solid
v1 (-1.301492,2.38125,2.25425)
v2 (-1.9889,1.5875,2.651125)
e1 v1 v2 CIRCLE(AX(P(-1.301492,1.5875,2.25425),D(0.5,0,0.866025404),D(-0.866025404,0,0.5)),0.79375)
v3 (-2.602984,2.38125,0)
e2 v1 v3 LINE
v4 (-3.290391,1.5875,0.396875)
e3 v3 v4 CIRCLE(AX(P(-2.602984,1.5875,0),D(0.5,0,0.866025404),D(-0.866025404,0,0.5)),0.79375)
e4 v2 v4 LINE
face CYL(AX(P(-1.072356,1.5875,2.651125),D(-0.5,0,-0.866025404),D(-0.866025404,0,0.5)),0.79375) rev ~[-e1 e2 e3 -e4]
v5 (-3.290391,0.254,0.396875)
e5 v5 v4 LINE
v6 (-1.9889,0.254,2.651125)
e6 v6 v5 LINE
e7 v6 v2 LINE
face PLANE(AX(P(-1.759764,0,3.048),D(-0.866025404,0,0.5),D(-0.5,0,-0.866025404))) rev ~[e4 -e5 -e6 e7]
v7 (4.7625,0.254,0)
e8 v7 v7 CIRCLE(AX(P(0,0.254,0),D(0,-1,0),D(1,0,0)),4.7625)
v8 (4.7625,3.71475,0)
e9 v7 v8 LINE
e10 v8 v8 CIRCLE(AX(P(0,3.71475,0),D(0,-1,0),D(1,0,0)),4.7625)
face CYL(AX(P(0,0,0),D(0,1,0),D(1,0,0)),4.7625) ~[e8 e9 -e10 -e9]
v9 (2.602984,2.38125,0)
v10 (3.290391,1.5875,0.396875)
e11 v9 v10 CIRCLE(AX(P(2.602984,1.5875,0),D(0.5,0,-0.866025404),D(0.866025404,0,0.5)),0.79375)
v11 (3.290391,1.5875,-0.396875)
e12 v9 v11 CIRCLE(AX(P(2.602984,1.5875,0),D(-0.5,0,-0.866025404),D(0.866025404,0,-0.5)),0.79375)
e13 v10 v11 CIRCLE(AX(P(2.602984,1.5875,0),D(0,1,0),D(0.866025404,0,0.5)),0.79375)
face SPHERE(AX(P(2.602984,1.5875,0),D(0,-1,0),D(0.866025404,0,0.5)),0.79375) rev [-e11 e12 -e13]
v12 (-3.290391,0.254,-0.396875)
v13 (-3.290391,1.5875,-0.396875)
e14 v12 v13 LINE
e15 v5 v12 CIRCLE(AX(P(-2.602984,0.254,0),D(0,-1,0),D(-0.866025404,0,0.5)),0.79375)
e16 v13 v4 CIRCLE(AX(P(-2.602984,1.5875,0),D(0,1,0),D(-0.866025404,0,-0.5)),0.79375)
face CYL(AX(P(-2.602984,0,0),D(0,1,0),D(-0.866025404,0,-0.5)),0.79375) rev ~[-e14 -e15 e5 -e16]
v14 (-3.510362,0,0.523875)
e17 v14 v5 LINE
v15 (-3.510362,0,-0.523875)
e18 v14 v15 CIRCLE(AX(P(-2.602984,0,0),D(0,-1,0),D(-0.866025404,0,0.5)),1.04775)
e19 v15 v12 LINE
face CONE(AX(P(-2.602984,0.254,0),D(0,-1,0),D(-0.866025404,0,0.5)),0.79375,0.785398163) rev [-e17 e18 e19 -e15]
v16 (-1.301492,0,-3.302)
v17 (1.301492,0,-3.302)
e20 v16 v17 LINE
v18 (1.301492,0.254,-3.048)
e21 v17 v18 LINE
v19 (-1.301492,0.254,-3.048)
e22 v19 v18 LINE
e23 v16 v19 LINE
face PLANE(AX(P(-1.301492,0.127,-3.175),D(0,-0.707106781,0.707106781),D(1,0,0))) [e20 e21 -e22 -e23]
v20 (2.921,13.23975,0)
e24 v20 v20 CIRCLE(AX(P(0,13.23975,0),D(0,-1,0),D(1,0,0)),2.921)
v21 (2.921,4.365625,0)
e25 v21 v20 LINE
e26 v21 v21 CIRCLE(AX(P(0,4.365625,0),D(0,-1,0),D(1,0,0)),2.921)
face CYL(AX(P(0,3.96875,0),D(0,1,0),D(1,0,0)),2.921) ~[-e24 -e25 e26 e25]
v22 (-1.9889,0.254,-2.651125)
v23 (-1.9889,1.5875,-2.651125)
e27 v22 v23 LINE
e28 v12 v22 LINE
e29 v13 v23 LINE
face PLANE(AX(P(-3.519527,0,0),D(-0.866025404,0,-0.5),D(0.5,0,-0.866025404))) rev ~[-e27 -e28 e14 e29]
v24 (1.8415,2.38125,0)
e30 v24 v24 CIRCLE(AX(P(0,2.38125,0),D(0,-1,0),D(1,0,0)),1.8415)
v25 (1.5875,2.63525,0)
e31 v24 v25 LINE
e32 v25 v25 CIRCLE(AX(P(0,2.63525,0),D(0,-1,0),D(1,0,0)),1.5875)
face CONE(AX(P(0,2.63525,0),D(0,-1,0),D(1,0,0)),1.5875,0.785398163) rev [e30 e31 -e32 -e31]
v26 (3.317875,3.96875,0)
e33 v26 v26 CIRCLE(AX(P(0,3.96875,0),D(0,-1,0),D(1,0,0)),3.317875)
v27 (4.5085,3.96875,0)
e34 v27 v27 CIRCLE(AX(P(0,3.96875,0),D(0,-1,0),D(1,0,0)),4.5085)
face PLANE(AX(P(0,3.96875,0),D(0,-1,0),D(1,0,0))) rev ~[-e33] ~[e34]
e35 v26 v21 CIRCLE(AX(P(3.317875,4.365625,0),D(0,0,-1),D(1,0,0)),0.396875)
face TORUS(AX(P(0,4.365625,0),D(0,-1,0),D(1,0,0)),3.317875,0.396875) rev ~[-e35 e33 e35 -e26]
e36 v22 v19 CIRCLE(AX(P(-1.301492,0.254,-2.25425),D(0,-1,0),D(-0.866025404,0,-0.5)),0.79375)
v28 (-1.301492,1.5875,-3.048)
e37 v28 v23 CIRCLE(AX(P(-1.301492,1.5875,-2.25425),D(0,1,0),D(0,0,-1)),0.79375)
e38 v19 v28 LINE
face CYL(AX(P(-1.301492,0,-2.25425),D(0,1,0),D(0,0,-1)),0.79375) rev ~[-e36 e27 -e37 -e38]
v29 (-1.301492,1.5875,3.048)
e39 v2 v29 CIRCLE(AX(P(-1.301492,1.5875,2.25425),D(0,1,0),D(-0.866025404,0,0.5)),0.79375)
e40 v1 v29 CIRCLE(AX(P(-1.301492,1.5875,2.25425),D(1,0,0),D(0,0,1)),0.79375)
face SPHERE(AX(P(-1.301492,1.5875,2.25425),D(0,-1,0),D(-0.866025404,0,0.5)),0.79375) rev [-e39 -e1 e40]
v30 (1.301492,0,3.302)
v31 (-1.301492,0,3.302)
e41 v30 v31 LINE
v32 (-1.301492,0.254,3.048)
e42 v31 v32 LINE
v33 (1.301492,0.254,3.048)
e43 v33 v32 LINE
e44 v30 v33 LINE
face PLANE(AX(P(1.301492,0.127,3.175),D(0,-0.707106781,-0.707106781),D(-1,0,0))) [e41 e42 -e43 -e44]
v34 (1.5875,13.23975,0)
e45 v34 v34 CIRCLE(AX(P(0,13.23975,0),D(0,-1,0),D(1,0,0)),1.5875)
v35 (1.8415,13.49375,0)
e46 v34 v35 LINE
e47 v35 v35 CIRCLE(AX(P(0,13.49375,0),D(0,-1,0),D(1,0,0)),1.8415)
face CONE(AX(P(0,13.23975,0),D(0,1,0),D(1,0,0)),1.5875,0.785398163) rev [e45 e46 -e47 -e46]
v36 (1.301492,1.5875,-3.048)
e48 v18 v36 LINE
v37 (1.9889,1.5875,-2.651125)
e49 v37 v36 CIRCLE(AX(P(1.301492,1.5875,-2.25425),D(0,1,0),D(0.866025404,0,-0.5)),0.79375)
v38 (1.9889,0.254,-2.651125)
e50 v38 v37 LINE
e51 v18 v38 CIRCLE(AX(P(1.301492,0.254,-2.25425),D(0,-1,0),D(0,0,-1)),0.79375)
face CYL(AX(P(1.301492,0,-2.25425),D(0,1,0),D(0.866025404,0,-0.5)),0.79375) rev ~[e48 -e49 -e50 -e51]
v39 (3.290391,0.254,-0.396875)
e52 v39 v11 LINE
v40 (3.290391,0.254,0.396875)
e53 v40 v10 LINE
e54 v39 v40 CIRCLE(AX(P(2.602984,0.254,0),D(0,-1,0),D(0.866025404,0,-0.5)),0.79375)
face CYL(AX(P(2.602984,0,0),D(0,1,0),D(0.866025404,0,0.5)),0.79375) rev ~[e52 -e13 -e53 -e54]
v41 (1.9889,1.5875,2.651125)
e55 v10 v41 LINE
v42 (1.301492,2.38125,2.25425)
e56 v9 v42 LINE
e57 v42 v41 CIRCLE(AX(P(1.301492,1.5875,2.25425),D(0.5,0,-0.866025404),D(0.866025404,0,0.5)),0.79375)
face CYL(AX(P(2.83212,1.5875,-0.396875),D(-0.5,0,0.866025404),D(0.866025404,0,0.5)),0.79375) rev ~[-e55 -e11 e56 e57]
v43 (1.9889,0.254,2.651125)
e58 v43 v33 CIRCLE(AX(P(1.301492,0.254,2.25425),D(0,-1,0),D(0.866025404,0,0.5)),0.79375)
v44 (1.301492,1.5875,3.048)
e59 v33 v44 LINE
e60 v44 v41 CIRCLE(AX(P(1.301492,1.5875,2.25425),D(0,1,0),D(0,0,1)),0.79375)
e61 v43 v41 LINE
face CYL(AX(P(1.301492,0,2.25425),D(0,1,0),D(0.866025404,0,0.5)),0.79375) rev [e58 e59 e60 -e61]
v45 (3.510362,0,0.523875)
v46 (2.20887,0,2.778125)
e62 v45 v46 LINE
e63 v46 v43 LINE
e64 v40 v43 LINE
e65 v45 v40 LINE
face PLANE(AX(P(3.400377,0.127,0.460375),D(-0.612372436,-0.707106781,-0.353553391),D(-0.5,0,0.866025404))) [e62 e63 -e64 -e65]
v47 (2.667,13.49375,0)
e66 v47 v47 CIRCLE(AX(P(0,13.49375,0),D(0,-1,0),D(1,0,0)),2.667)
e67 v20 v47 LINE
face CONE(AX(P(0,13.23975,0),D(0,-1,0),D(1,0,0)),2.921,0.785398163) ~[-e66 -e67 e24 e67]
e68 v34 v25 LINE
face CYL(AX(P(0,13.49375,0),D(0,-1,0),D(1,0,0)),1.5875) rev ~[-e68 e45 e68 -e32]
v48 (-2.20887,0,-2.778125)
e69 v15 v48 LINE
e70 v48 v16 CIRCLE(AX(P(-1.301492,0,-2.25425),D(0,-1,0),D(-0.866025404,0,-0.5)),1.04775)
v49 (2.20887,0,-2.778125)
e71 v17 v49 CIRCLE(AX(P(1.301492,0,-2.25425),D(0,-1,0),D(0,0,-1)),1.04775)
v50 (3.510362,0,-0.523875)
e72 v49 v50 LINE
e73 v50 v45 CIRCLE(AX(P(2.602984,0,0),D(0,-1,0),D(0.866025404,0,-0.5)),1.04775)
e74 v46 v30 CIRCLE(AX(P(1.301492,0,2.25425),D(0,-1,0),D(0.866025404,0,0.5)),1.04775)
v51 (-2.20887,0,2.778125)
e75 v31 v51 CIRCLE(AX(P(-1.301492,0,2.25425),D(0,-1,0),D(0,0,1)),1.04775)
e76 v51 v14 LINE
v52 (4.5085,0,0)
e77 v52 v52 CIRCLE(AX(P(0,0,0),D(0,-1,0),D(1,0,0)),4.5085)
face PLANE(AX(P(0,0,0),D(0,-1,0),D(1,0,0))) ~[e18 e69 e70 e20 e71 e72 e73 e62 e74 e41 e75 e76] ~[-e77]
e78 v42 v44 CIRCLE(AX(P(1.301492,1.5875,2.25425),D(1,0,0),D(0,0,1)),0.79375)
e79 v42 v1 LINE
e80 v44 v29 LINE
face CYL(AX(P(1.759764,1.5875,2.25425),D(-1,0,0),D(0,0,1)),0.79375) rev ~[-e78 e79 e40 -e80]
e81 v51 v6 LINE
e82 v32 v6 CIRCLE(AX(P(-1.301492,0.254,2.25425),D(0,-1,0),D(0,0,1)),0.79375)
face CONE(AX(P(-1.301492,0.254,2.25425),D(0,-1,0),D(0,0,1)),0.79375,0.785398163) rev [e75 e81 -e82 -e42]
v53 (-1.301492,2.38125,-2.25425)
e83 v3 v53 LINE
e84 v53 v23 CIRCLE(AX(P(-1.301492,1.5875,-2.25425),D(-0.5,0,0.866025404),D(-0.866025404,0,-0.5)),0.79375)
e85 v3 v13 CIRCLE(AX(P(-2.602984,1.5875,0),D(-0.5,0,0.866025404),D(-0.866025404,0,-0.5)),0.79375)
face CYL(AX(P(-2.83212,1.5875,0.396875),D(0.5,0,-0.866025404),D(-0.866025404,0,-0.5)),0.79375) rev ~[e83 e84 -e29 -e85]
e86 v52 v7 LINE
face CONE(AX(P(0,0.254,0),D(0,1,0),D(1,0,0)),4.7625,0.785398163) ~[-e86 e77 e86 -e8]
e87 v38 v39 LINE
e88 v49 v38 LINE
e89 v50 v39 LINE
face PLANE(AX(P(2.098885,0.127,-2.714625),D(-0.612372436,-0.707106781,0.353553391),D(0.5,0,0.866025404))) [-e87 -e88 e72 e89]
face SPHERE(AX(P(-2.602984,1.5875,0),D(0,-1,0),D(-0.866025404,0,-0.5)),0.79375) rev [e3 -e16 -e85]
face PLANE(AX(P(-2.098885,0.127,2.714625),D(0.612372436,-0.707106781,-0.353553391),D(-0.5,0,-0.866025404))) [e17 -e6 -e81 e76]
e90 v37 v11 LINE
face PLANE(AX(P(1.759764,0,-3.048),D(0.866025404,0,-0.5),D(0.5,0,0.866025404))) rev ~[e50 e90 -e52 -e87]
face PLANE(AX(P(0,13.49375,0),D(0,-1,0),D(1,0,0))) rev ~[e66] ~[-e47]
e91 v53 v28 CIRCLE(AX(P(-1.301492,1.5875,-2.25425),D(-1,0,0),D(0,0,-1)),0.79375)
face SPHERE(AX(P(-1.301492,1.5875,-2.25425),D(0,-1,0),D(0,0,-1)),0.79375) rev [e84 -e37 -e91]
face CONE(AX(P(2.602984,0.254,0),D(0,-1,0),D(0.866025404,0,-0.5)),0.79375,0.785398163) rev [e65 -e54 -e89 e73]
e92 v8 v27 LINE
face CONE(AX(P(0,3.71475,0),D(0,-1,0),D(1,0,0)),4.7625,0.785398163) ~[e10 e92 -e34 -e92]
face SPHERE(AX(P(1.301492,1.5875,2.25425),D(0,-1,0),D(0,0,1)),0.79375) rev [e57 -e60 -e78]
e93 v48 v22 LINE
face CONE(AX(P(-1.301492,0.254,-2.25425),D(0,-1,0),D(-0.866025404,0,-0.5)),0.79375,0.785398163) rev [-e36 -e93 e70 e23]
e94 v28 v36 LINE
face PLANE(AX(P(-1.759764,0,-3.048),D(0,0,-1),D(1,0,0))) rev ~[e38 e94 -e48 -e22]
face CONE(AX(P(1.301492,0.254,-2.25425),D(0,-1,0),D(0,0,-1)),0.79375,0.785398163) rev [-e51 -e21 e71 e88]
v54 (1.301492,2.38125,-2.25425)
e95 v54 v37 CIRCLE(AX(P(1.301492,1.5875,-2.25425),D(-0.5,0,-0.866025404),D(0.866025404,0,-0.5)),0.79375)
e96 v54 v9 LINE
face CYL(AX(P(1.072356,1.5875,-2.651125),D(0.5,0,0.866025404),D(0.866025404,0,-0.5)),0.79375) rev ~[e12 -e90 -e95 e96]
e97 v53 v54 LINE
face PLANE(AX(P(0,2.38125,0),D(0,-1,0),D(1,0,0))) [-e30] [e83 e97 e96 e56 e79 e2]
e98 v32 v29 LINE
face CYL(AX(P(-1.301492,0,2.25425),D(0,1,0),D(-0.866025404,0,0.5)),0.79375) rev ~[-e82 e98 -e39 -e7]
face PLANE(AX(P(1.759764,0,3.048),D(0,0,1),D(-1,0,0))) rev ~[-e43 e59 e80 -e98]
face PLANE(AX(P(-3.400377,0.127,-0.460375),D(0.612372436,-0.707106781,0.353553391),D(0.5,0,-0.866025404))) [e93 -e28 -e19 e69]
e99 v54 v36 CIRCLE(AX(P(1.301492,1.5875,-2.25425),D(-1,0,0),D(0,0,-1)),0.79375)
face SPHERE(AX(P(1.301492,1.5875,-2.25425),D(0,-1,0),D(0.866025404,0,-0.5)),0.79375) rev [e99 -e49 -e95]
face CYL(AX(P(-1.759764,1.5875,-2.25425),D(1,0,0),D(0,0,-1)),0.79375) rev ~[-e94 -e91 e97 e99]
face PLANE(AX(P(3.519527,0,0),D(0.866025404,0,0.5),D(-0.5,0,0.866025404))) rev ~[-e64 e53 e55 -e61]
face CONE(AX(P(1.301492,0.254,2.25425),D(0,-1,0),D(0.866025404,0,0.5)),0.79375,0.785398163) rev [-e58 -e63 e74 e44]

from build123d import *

# Parameters (mm, degrees)
CUT_EXTRUDE1_DEPTH = 2.38125
FILLET1_R          = 0.396875
FILLET2_R          = 0.79375
CHAMFER1_SIZE      = 0.254


with BuildPart() as part:
    # Sketch1 → Revolve1 (revolve)
    with BuildSketch(Plane.XY):
        Polygon((1.5875, 0), (4.7625, 0), (4.7625, 3.96875), (2.921, 3.96875), (2.921, 13.49375), (1.5875, 13.49375), align=None)
    revolve(axis=Axis((0, 7.886499903, 0), (0, -1, 0)))

    # Sketch2 → Cut-Extrude1 (cut)
    with BuildSketch(Plane.XZ):
        Polygon((1.75976362, 3.048), (-1.75976362, 3.048), (-3.519527241, 0), (-1.75976362, -3.048), (1.75976362, -3.048), (3.519527241, 0), align=None)
    extrude(amount=-CUT_EXTRUDE1_DEPTH, mode=Mode.SUBTRACT)

    # Fillet1
    fillet1_edges = [part.edges().sort_by_distance(p)[0] for p in [
        (-2.921, 3.96875, 0),
    ]]
    fillet(fillet1_edges, radius=FILLET1_R)

    # Fillet2
    fillet2_edges = [part.edges().sort_by_distance(p)[0] for p in [
        (2.639645431, 2.38125, 1.524),
        (1.75976362, 1.190625, 3.048),
        (2.639645431, 2.38125, -1.524),
        (3.519527241, 1.190625, 0),
        (0, 2.38125, -3.048),
        (1.75976362, 1.190625, -3.048),
        (-2.639645431, 2.38125, -1.524),
        (-1.75976362, 1.190625, -3.048),
        (-2.639645431, 2.38125, 1.524),
        (-3.519527241, 1.190625, 0),
        (0, 2.38125, 3.048),
        (-1.75976362, 1.190625, 3.048),
    ]]
    fillet(fillet2_edges, radius=FILLET2_R)

    # Chamfer1
    chamfer1_edges = [part.edges().sort_by_distance(p)[0] for p in [
        (-1.5875, 2.38125, 0),
        (2.639645431, 0, -1.524),
        (0, 0, -3.048),
        (-2.639645431, 0, -1.524),
        (-2.639645431, 0, 1.524),
        (-1.5875, 13.49375, 0),
        (2.639645431, 0, 1.524),
        (-2.921, 13.49375, 0),
        (0, 0, 3.048),
        (3.396733689, 0, 0),
        (1.698366844, 0, -2.941657664),
        (-1.698366844, 0, -2.941657664),
        (-3.396733689, 0, 0),
        (1.698366844, 0, 2.941657664),
        (-1.698366844, 0, 2.941657664),
        (-4.7625, 3.96875, 0),
        (-4.7625, 0, 0),
    ]]
    chamfer(chamfer1_edges, length=CHAMFER1_SIZE)


solid = part.part
